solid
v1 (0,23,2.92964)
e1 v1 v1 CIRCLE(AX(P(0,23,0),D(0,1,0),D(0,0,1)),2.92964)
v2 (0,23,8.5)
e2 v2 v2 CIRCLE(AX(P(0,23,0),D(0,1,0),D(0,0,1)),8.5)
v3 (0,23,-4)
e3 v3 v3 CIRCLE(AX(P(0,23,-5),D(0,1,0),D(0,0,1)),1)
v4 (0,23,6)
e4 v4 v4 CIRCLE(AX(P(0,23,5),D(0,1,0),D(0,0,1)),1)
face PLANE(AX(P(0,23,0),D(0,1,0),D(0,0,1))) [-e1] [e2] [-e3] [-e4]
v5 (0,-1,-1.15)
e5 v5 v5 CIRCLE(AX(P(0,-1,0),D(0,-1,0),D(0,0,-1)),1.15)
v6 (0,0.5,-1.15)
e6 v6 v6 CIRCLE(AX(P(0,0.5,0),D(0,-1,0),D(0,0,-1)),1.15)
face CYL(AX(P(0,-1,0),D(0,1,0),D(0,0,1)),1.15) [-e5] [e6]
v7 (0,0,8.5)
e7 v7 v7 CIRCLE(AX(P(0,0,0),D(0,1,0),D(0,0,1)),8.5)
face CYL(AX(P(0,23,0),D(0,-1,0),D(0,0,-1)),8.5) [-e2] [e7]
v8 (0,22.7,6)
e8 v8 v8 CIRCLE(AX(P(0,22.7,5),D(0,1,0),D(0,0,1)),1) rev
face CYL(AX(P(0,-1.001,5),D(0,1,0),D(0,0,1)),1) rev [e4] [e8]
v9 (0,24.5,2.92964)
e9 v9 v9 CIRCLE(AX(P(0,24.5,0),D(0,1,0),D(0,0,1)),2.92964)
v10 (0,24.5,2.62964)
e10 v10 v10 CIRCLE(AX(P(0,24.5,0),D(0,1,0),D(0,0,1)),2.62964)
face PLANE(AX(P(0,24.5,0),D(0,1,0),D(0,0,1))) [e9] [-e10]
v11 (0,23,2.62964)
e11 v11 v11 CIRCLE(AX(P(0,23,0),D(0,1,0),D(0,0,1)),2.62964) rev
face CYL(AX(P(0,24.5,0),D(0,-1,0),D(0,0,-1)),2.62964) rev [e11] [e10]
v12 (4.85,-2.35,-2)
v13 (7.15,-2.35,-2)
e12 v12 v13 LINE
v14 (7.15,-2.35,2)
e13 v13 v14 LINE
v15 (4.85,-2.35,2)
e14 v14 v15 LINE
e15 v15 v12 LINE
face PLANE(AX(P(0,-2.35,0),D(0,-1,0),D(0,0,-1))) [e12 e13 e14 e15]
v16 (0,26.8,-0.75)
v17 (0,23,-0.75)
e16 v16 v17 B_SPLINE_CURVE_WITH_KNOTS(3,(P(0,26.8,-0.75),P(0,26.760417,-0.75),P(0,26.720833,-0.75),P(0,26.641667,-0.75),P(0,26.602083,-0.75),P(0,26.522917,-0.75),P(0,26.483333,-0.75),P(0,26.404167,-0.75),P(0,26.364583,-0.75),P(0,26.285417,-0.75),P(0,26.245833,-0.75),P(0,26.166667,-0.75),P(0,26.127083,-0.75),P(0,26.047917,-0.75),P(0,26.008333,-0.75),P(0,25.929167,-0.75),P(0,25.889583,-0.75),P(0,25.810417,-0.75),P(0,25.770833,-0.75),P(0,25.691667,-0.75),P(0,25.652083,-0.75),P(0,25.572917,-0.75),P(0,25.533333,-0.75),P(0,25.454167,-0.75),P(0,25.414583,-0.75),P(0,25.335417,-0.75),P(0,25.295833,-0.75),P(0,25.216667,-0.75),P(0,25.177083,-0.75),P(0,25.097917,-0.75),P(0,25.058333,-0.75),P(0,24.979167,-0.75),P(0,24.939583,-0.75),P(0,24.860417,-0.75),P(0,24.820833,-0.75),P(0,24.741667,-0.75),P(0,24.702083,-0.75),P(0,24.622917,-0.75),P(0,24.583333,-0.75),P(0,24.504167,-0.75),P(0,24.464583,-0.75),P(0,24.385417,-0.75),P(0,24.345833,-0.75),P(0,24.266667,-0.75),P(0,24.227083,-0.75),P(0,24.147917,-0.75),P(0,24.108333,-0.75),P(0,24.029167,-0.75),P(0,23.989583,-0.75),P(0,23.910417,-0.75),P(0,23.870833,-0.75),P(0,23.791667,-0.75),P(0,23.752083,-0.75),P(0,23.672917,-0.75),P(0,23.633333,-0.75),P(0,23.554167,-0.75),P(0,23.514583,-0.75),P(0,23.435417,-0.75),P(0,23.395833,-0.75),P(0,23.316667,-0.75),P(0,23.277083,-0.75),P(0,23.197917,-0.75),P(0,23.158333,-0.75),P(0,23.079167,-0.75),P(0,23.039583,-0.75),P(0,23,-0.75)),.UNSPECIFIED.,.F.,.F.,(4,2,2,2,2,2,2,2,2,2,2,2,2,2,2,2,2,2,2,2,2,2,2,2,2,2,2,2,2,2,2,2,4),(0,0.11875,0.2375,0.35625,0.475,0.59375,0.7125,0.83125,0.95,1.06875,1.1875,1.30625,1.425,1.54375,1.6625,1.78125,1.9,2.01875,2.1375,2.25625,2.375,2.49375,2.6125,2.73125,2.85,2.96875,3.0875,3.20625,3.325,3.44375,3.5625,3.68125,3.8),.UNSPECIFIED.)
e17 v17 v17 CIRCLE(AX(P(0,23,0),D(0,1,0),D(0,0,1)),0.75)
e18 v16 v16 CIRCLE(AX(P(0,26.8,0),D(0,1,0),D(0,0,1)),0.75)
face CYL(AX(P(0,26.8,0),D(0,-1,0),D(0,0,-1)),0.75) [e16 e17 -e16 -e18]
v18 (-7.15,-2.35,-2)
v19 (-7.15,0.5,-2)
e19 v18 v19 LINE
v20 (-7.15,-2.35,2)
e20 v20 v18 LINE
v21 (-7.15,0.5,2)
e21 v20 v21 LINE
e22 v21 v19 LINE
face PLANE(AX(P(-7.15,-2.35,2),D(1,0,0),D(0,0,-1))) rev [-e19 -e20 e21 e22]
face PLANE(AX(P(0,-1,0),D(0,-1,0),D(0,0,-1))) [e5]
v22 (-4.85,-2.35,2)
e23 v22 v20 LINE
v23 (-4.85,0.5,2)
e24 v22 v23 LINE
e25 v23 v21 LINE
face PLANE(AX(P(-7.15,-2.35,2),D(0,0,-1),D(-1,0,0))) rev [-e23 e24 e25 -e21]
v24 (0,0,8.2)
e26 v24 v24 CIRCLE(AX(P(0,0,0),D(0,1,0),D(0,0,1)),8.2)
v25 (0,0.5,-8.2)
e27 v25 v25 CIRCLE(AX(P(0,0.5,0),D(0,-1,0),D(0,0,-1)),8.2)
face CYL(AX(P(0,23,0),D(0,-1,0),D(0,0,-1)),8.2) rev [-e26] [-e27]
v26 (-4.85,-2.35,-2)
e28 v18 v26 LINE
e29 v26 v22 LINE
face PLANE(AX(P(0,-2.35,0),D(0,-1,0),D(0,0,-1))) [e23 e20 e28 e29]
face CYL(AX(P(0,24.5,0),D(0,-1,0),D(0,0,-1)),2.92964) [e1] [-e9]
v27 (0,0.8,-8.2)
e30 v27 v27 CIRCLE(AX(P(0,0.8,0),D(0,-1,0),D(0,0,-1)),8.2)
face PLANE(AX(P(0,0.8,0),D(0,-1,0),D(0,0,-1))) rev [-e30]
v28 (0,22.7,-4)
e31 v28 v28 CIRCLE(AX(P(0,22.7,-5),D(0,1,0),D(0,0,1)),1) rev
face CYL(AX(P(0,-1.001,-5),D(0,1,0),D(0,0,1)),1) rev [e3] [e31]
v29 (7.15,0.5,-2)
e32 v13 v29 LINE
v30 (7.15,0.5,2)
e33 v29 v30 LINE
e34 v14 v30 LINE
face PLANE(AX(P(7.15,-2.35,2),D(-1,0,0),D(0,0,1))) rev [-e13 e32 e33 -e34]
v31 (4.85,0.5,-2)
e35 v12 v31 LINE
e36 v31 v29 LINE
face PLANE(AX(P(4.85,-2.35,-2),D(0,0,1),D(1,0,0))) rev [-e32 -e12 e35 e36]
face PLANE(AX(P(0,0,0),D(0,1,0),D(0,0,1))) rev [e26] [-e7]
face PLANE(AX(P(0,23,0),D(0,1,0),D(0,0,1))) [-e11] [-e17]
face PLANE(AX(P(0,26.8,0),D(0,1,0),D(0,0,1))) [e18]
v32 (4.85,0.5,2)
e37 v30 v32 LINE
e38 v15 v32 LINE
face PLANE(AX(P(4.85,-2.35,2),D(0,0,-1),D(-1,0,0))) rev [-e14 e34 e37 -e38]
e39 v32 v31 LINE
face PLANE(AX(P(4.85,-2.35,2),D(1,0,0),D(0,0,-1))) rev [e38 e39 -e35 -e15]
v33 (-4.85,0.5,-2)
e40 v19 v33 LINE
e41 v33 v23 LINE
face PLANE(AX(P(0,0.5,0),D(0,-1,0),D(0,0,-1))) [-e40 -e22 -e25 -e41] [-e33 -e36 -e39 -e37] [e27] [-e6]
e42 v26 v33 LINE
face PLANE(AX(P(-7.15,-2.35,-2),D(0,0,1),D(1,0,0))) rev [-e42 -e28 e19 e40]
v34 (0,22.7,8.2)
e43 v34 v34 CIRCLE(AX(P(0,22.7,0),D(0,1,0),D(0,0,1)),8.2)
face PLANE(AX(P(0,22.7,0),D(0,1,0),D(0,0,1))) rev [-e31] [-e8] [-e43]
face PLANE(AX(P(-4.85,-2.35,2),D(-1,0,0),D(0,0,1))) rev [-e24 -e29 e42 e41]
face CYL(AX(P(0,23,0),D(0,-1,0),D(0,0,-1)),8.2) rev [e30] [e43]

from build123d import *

# Parameters (mm, degrees)
SKETCH1_R           = 8.5
BOSS_EXTRUDE1_DEPTH = 23
SHELL3_T            = -0.3
SKETCH2_R           = 8.2
BOSS_EXTRUDE2_DEPTH = 0.3
SKETCH3_R           = 1.15
BOSS_EXTRUDE3_DEPTH = 1.5
SKETCH4_R           = 2.929639603
SKETCH4_R_2         = 2.629639603
BOSS_EXTRUDE4_DEPTH = 1.5
SKETCH5_R           = 0.75
BOSS_EXTRUDE5_DEPTH = 3.8
CUT_EXTRUDE1_REACH  = 28.842
SKETCH7_R           = 1
SKETCH8_W           = 2.3
SKETCH8_H           = 4
BOSS_EXTRUDE7_DEPTH = 2.85


with BuildPart() as part:
    # Sketch1 → Boss-Extrude1 (new body)
    with BuildSketch(Plane(origin=(0, 0, 0), x_dir=(1, 0, 0), z_dir=(0, 1, 0))):
        with Locations(Location((0, 0, 0), (0, 0, 270))):
            Circle(SKETCH1_R)
    extrude(amount=BOSS_EXTRUDE1_DEPTH)

    # Shell3
    shell3_openings = [part.faces().sort_by_distance(p)[0] for p in [
        (0, 0, 0),
    ]]
    offset(amount=SHELL3_T, openings=shell3_openings, kind=Kind.INTERSECTION)

    # Sketch2 → Boss-Extrude2 (add)
    with BuildSketch(Plane(origin=(0, 0.5, 0), x_dir=(-1, 0, 0), z_dir=(0, -1, 0))):
        with Locations(Location((0, 0, 0), (0, 0, 90))):
            Circle(SKETCH2_R)
    extrude(amount=-BOSS_EXTRUDE2_DEPTH)

    # Sketch3 → Boss-Extrude3 (add)
    with BuildSketch(Plane.XZ.offset(-0.5)):
        with Locations(Location((0, 0, 0), (0, 0, 270))):
            Circle(SKETCH3_R)
    extrude(amount=BOSS_EXTRUDE3_DEPTH)

    # Sketch4 → Boss-Extrude4 (add)
    with BuildSketch(Plane(origin=(0, 23, 0), x_dir=(1, 0, 0), z_dir=(0, 1, 0))):
        with Locations(Location((0, 0, 0), (0, 0, 270))):
            Circle(SKETCH4_R)
        with Locations(Location((0, 0, 0), (0, 0, 270))):
            Circle(SKETCH4_R_2, mode=Mode.SUBTRACT)
    extrude(amount=BOSS_EXTRUDE4_DEPTH)

    # Sketch5 → Boss-Extrude5 (add)
    with BuildSketch(Plane(origin=(0, 23, 0), x_dir=(1, 0, 0), z_dir=(0, 1, 0))):
        with Locations(Location((0, 0, 0), (0, 0, 90))):
            Circle(SKETCH5_R)
    extrude(amount=BOSS_EXTRUDE5_DEPTH)

    # Sketch7 → Cut-Extrude1 (cut, up to next)
    with BuildSketch(Plane(origin=(0, 23, 0), x_dir=(1, 0, 0), z_dir=(0, 1, 0)), mode=Mode.PRIVATE) as cut_extrude1_sk1:
        with Locations(Location((0, 5, 0), (0, 0, 270))):
            Circle(SKETCH7_R)
    cut_extrude1_tool1 = extrude(cut_extrude1_sk1.sketch, amount=-CUT_EXTRUDE1_REACH, mode=Mode.PRIVATE) & part.part
    # Sketch7 → Cut-Extrude1 (cut, up to next)
    with BuildSketch(Plane(origin=(0, 23, 0), x_dir=(1, 0, 0), z_dir=(0, 1, 0)), mode=Mode.PRIVATE) as cut_extrude1_sk2:
        with Locations(Location((0, -5, 0), (0, 0, 270))):
            Circle(SKETCH7_R)
    cut_extrude1_tool2 = extrude(cut_extrude1_sk2.sketch, amount=-CUT_EXTRUDE1_REACH, mode=Mode.PRIVATE) & part.part
    add(cut_extrude1_tool1.solids().sort_by_distance((0, 23, -5))[0], mode=Mode.SUBTRACT)
    add(cut_extrude1_tool2.solids().sort_by_distance((0, 23, 5))[0], mode=Mode.SUBTRACT)

    # Sketch8 → Boss-Extrude7 (add)
    with BuildSketch(Plane.XZ.offset(-0.5)):
        with Locations((-6, 0)):
            Rectangle(SKETCH8_W, SKETCH8_H)
        with Locations((6, 0)):
            Rectangle(SKETCH8_W, SKETCH8_H)
    extrude(amount=BOSS_EXTRUDE7_DEPTH)


solid = part.part
